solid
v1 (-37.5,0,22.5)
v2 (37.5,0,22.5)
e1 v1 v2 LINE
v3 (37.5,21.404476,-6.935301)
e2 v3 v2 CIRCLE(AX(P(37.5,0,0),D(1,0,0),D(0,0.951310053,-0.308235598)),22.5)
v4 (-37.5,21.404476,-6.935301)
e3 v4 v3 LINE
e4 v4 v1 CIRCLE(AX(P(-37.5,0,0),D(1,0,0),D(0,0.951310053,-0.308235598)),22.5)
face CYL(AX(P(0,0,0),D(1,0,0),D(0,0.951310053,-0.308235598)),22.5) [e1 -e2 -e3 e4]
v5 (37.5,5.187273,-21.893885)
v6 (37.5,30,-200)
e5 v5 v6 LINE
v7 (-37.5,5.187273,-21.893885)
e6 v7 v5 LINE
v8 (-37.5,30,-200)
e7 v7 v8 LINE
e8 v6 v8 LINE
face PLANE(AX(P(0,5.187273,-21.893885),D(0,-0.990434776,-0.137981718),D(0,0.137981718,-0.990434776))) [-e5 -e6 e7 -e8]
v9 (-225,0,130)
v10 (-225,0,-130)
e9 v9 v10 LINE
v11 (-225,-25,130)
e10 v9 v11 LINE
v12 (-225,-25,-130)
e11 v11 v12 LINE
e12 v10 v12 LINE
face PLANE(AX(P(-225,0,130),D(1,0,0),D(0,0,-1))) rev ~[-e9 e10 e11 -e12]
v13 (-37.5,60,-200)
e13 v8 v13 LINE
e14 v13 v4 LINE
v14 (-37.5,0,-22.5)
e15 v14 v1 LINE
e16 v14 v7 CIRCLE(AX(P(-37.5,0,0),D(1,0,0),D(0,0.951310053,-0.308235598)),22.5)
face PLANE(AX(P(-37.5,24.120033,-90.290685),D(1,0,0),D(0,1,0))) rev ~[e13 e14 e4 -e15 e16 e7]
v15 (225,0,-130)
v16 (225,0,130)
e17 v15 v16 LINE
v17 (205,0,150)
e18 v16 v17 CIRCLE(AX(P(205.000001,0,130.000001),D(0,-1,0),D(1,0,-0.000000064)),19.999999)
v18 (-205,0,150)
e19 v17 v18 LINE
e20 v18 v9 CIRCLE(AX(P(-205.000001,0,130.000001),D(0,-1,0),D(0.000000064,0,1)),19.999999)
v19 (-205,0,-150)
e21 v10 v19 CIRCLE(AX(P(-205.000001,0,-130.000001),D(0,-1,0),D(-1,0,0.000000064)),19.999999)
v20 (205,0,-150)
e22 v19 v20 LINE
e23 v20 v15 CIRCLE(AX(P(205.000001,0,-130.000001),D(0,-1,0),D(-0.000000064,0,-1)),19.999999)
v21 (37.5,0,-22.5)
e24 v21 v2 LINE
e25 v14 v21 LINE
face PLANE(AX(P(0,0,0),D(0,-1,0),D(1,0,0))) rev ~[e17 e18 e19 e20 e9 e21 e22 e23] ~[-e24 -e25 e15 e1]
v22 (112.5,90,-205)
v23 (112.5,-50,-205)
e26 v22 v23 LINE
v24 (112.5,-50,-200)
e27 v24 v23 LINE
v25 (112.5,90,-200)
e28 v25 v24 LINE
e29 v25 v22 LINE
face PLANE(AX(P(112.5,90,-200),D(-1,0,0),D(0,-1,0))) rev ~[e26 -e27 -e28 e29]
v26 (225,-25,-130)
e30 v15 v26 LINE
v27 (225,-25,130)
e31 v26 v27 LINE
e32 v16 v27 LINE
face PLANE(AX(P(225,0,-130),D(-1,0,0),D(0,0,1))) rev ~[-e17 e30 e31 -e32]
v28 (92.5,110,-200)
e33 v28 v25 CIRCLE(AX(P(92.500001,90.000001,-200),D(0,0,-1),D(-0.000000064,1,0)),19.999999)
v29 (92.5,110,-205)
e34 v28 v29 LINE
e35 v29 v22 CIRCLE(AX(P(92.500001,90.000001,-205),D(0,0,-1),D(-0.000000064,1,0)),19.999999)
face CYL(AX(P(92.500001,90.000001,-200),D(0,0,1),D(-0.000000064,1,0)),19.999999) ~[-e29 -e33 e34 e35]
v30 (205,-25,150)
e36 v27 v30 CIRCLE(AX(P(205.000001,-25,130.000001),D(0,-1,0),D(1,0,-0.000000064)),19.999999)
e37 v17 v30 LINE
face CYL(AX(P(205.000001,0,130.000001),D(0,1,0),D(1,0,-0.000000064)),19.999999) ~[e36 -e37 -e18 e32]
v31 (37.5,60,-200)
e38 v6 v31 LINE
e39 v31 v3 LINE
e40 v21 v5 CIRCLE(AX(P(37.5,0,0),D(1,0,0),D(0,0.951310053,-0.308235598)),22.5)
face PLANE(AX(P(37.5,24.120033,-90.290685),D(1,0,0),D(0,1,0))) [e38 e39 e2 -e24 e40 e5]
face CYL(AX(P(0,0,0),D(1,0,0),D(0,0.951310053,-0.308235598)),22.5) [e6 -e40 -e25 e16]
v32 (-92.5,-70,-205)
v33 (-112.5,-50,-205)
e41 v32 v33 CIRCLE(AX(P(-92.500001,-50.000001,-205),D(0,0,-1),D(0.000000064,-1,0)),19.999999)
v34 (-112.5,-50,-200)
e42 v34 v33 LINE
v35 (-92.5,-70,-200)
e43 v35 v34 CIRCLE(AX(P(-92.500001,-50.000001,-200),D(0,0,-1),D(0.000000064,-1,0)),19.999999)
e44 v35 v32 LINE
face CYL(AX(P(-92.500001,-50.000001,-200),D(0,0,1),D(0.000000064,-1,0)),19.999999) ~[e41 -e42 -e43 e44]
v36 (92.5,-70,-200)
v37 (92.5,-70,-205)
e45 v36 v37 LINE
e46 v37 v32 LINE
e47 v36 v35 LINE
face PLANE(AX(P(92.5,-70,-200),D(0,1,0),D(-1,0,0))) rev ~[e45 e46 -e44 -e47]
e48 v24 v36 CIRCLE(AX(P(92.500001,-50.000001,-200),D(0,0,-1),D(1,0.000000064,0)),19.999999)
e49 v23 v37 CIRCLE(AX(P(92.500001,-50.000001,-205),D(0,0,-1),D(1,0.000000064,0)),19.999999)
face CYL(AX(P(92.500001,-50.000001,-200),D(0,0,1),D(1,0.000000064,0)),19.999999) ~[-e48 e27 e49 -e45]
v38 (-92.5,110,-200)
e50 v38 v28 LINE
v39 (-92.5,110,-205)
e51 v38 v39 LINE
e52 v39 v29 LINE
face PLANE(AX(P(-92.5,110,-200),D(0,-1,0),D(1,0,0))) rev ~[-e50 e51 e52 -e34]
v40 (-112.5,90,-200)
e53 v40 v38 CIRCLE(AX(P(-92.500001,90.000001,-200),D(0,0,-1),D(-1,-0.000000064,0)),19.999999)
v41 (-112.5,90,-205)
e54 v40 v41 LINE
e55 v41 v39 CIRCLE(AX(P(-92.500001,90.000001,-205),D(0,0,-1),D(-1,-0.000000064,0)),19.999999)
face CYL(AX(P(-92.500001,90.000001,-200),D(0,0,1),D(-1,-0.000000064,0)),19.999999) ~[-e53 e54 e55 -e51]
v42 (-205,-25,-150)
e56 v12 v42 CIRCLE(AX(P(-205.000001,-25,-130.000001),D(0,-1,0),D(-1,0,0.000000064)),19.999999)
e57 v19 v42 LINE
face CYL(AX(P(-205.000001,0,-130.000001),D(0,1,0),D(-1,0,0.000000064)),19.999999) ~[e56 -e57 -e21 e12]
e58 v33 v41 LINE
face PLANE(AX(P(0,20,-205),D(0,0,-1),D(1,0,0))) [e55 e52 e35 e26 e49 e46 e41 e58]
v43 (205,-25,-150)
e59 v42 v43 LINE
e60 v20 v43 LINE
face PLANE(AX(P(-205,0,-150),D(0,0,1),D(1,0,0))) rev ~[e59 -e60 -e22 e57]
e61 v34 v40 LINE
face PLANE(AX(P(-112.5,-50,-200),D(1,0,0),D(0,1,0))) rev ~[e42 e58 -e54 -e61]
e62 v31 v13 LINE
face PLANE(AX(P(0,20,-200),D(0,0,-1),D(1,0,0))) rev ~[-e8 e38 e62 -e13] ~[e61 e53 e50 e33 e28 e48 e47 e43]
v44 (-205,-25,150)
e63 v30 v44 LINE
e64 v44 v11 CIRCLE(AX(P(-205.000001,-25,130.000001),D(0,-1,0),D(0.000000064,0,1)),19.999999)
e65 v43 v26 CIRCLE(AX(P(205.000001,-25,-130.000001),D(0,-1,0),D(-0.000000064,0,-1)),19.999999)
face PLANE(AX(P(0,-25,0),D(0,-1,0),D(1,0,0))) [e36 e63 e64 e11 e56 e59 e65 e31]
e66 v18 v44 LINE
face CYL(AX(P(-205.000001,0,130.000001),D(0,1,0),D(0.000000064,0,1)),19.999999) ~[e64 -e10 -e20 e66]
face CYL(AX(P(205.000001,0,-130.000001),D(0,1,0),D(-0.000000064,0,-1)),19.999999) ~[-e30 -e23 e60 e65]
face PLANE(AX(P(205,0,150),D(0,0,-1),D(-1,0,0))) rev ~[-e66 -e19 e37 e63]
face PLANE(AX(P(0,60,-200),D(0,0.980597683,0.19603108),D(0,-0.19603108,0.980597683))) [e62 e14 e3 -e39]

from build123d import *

# Parameters (mm, degrees)
F1_DEPTH = 25
F3_DEPTH = 37.5
F5_DEPTH = 5


with BuildPart() as f1:
    # F0 (on Front) → F1 (new body)
    with BuildSketch(Plane.XZ):
        with BuildLine():
            Line((205, 150), (-205, 150))
            ThreePointArc((-205, 150), (-219.142136, 144.142136), (-225, 130))
            Line((-225, 130), (-225, -130))
            ThreePointArc((-225, -130), (-219.142136, -144.142136), (-205, -150))
            Line((-205, -150), (205, -150))
            ThreePointArc((205, -150), (219.142136, -144.142136), (225, -130))
            Line((225, -130), (225, 130))
            ThreePointArc((225, 130), (219.142136, 144.142136), (205, 150))
        make_face()
    extrude(amount=F1_DEPTH)

    # F2 (on Right) → F3 (join, symmetric)
    with BuildSketch(Plane.YZ):
        with BuildLine():
            Line((60, -200), (21.404476, -6.935301))
            ThreePointArc((21.404476, -6.935301), (-15.255166, 16.53874), (5.187273, -21.893885))
            Line((5.187273, -21.893885), (30, -200))
            Line((30, -200), (60, -200))
        make_face()
    extrude(amount=F3_DEPTH, both=True)

    # F4 (on face) → F5 (join)
    with BuildSketch(Plane(origin=(0, 0, -200), x_dir=(1, 0, 0), z_dir=(0, 0, -1))):
        with BuildLine():
            Line((92.5, 70), (-92.5, 70))
            ThreePointArc((-92.5, 70), (-106.642136, 64.142136), (-112.5, 50))
            Line((-112.5, 50), (-112.5, -90))
            ThreePointArc((-112.5, -90), (-106.642136, -104.142136), (-92.5, -110))
            Line((-92.5, -110), (92.5, -110))
            ThreePointArc((92.5, -110), (106.642136, -104.142136), (112.5, -90))
            Line((112.5, -90), (112.5, 50))
            ThreePointArc((112.5, 50), (106.642136, 64.142136), (92.5, 70))
        make_face()
    extrude(amount=F5_DEPTH)


solid = f1.part
